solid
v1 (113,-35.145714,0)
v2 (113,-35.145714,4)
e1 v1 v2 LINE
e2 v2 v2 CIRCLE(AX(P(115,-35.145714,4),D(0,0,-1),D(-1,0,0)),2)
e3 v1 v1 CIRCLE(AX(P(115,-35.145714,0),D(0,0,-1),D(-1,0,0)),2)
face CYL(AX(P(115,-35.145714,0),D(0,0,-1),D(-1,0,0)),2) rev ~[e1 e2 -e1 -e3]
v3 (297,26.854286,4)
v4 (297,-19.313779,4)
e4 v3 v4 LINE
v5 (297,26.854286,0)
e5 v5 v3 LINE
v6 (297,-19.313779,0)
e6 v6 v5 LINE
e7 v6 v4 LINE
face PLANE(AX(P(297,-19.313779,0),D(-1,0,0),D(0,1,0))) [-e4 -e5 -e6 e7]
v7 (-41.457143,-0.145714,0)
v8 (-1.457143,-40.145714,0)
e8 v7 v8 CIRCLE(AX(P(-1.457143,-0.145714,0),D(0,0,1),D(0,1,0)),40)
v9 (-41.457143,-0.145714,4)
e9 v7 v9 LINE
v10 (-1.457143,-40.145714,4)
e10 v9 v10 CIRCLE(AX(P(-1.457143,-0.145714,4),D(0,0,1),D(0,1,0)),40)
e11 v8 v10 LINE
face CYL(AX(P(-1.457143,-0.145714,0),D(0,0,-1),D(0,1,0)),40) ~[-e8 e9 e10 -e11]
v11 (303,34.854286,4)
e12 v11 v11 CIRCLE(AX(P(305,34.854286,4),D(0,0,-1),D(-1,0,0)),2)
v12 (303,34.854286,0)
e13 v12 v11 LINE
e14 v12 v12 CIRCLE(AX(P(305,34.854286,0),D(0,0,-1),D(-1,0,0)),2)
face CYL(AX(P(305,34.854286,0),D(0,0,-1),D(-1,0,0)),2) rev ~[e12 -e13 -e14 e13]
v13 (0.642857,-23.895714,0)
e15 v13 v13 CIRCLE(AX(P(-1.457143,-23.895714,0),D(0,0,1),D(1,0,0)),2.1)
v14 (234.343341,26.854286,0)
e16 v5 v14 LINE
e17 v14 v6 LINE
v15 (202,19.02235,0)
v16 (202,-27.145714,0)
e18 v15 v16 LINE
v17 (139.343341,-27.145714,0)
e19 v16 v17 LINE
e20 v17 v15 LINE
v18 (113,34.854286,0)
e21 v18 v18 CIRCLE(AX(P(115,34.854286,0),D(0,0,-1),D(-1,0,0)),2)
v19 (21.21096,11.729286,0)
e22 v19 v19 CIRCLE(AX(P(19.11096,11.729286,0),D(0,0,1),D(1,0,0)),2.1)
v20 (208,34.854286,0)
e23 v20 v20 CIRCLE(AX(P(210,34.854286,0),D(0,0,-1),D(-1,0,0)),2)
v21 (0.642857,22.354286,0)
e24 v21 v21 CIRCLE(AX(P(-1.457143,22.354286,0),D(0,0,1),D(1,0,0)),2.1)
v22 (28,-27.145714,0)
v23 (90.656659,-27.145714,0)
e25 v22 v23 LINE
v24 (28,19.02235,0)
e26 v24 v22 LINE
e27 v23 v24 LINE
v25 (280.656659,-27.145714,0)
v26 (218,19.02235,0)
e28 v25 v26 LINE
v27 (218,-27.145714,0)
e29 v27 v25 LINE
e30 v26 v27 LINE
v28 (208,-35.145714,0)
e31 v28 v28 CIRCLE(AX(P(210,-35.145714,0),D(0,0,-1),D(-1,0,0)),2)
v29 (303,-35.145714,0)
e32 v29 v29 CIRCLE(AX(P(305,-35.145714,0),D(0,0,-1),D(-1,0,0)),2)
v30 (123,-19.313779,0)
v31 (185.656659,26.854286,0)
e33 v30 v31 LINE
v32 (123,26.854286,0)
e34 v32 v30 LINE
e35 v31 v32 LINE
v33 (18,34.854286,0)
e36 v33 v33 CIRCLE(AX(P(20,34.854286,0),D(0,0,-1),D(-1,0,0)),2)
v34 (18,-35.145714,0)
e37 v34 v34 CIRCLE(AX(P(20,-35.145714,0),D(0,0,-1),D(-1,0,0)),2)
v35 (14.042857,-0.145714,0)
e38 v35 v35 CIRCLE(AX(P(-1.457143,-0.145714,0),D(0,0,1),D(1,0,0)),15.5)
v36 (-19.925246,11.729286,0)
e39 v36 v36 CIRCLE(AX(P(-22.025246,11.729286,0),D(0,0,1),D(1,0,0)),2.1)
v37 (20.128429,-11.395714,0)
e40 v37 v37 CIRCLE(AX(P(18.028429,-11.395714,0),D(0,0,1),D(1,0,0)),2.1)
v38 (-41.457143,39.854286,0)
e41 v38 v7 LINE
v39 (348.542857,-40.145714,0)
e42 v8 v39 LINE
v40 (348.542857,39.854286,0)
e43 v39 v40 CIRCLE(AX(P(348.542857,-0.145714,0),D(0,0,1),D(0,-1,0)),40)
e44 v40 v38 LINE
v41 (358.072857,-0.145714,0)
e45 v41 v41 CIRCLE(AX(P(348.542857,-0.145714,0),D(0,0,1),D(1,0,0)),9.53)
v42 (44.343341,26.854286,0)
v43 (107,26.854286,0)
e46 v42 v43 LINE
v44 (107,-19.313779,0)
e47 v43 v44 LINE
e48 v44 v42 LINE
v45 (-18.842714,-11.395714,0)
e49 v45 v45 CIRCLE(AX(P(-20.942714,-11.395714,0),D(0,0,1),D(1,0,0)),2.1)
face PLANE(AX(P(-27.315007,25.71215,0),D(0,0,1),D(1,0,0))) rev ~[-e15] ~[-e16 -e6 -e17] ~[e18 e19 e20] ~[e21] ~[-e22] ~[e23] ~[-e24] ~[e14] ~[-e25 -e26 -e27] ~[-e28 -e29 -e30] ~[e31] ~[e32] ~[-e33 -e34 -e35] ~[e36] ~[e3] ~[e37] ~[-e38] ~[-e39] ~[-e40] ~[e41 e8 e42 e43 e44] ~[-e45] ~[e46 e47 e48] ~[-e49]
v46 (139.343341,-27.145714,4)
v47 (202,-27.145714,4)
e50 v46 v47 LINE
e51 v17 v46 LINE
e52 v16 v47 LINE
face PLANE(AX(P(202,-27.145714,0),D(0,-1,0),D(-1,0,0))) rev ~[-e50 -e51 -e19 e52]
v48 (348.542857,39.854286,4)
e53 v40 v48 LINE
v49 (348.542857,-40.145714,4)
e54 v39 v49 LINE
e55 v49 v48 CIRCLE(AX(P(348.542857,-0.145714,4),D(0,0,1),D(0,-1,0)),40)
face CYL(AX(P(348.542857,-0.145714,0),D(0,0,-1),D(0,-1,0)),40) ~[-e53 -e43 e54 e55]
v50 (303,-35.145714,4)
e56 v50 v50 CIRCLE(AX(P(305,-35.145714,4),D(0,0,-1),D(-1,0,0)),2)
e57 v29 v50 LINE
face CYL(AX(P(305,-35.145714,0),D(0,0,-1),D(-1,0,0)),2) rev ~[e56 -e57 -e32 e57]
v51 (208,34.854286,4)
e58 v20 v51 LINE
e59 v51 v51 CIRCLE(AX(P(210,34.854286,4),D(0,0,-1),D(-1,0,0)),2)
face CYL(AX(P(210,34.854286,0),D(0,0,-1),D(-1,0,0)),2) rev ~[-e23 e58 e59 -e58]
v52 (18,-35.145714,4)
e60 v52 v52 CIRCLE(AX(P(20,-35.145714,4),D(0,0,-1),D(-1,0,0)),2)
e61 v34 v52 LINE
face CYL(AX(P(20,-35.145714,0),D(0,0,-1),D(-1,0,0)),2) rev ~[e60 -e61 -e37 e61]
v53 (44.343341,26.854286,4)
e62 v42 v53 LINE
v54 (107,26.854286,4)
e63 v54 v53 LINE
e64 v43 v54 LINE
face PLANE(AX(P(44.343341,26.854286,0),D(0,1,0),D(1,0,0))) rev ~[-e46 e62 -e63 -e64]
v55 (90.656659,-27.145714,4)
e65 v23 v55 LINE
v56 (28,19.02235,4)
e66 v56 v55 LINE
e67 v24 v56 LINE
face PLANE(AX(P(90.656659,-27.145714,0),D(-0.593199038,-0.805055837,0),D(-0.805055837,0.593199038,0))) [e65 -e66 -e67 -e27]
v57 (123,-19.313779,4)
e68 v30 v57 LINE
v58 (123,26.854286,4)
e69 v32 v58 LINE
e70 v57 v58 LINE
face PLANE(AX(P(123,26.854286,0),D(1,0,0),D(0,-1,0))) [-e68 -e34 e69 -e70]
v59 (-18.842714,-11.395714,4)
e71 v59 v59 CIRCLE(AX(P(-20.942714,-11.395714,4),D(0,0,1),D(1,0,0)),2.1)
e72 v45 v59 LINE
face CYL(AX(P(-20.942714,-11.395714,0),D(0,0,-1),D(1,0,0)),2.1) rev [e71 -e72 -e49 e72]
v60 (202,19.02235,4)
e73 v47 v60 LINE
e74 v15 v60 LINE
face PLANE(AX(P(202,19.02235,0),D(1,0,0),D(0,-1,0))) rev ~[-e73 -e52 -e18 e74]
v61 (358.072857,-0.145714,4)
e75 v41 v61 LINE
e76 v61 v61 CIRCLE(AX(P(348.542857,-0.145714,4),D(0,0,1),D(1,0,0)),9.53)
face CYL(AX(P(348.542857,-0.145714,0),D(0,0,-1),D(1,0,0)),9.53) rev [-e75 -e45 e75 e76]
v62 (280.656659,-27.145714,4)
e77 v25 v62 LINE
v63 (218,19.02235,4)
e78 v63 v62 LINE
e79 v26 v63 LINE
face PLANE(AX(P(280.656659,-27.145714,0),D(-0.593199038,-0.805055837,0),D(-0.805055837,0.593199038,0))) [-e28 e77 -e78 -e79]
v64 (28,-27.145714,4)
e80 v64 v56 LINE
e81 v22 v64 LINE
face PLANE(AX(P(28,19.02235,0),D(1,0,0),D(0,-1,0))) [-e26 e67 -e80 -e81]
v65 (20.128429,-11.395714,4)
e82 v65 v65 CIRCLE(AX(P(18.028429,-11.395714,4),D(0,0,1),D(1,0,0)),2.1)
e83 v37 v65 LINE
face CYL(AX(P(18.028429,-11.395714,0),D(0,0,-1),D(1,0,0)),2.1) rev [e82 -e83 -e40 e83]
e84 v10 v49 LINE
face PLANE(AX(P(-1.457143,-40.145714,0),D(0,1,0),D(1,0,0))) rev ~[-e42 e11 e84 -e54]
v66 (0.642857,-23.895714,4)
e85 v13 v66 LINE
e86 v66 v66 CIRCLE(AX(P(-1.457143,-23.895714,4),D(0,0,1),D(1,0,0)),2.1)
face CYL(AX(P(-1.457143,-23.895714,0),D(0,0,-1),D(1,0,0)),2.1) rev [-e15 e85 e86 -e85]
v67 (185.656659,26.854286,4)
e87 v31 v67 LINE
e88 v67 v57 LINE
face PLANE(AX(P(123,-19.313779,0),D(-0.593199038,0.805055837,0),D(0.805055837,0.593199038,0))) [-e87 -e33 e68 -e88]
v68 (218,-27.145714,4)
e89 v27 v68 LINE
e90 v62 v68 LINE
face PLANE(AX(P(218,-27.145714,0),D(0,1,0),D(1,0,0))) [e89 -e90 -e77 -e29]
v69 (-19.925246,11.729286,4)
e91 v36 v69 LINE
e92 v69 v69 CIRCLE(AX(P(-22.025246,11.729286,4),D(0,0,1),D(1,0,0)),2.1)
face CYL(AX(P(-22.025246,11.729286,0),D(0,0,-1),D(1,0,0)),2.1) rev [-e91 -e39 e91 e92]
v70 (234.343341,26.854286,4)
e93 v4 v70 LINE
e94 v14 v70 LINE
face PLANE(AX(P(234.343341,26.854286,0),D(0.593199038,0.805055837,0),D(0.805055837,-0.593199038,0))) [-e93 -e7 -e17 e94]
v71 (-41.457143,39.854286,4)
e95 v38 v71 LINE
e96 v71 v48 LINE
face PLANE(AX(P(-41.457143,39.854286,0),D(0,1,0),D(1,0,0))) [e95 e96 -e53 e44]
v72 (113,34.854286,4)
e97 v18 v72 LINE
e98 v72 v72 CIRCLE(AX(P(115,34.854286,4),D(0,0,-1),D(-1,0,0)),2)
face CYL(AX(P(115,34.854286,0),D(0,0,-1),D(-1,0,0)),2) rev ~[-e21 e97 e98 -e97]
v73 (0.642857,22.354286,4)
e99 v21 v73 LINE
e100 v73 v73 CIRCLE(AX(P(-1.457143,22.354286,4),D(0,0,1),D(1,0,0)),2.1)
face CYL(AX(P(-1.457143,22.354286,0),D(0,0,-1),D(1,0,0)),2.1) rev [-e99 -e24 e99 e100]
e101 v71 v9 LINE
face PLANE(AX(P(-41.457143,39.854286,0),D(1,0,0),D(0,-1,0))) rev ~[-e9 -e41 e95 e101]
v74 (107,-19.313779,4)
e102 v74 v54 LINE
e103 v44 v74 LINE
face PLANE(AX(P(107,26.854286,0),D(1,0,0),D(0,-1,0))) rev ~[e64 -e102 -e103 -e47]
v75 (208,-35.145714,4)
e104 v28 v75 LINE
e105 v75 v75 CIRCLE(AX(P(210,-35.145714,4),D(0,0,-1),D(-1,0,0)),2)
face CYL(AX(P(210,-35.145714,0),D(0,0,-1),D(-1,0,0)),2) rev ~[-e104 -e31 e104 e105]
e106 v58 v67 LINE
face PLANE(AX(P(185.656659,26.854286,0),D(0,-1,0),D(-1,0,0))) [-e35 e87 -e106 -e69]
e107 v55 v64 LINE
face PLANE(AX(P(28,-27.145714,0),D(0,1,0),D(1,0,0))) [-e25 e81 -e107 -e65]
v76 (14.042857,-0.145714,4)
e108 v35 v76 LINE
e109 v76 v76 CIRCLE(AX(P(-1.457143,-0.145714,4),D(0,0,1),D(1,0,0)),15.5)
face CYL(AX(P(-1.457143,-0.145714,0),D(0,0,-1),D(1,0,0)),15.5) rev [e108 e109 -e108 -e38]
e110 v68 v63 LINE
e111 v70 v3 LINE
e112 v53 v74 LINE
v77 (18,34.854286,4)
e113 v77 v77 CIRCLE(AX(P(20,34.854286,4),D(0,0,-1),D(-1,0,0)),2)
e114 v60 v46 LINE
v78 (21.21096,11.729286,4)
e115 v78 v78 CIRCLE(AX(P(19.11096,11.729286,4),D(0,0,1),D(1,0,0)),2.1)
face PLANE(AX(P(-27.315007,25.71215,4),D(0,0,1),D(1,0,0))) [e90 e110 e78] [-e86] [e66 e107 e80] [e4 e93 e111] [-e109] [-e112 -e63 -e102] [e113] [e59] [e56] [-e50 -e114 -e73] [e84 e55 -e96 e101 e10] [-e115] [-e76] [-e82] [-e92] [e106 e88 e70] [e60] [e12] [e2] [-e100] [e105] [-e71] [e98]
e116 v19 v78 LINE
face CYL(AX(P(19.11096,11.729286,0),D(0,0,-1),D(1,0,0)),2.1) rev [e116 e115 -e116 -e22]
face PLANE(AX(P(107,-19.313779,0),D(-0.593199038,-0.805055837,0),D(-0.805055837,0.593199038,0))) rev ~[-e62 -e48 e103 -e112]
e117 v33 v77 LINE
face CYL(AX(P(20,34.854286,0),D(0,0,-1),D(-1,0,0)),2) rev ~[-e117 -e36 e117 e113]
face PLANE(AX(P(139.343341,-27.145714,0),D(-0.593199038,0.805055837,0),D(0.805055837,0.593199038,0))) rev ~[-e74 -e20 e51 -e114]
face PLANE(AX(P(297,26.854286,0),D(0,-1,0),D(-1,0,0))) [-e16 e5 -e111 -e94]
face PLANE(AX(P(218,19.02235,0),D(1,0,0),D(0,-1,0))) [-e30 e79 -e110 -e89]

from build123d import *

# Parameters (mm, degrees)
SKETCH_1_R          = 2.1
SKETCH_1_R_2        = 15.5
SKETCH_1_R_3        = 9.53
EXTRUDE_1_DEPTH     = 4
SKETCH_2_R          = 2
CUT_EXTRUDE_1_DEPTH = 10
EXTRUDE_2_DEPTH     = 4


with BuildPart() as part:
    # 草图1 → 凸台-拉伸1 (new body)
    with BuildSketch(Plane.XY):
        with BuildLine():
            ThreePointArc((-1.457142857, 39.854285714), (-41.457142857, -0.145714286), (-1.457142857, -40.145714286))
            Line((-1.457142857, -40.145714286), (348.542857143, -40.145714286))
            ThreePointArc((348.542857143, -40.145714286), (388.542857143, -0.145714286), (348.542857143, 39.854285714))
            Line((348.542857143, 39.854285714), (14.042857143, 39.854285714))
            Line((14.042857143, 39.854285714), (-1.457142857, 39.854285714))
        make_face()
        with Locations((-1.457142857, -23.895714286)):
            Circle(SKETCH_1_R, mode=Mode.SUBTRACT)
        with Locations((-20.942714442, -11.395714286)):
            Circle(SKETCH_1_R, mode=Mode.SUBTRACT)
        with Locations((18.028428728, -11.395714286)):
            Circle(SKETCH_1_R, mode=Mode.SUBTRACT)
        with Locations((-1.457142857, -0.145714286)):
            Circle(SKETCH_1_R_2, mode=Mode.SUBTRACT)
        with Locations((348.542857143, -0.145714286)):
            Circle(SKETCH_1_R_3, mode=Mode.SUBTRACT)
        with Locations((-22.025246197, 11.729285714)):
            Circle(SKETCH_1_R, mode=Mode.SUBTRACT)
        with Locations((19.110960483, 11.729285714)):
            Circle(SKETCH_1_R, mode=Mode.SUBTRACT)
        with Locations((-1.457142857, 22.354285714)):
            Circle(SKETCH_1_R, mode=Mode.SUBTRACT)
    extrude(amount=EXTRUDE_1_DEPTH)

    # 草图2 → 切除-拉伸1 (cut)
    with BuildSketch(Plane(origin=(0, 0, 0), x_dir=(-1, 0, 0), z_dir=(0, 0, -1))):
        with Locations((-20, -35.145714286)):
            Circle(SKETCH_2_R)
        with Locations((-115, -35.145714286)):
            Circle(SKETCH_2_R)
        with Locations((-210, -35.145714286)):
            Circle(SKETCH_2_R)
        with Locations((-305, -35.145714286)):
            Circle(SKETCH_2_R)
        with Locations((-305, 34.854285714)):
            Circle(SKETCH_2_R)
        with Locations((-210, 34.854285714)):
            Circle(SKETCH_2_R)
        with Locations((-115, 34.854285714)):
            Circle(SKETCH_2_R)
        with Locations((-20, 34.854285714)):
            Circle(SKETCH_2_R)
        Polygon((-218, -27.145714286), (-280.656658604, -27.145714286), (-218, 19.022349949), align=None)
        Polygon((-234.343341396, 26.854285714), (-297, -19.31377852), (-297, 26.854285714), align=None)
        Polygon((-123, 26.854285714), (-123, -19.31377852), (-185.656658604, 26.854285714), align=None)
        Polygon((-202, -27.145714286), (-139.343341396, -27.145714286), (-202, 19.022349949), align=None)
        Polygon((-90.656658604, -27.145714286), (-28, 19.022349949), (-28, -27.145714286), align=None)
        Polygon((-107, -19.31377852), (-44.343341396, 26.854285714), (-107, 26.854285714), align=None)
    extrude(amount=-CUT_EXTRUDE_1_DEPTH, mode=Mode.SUBTRACT)

    # 草图3 → 凸台-拉伸2 (add)
    with BuildSketch(Plane(origin=(0, 0, 0), x_dir=(-1, 0, 0), z_dir=(0, 0, -1))):
        Polygon((1.457142857, 39.854285714), (35.608920787, 39.854285714), (41.457142857, 39.854285714), (41.457142857, -0.145714286), align=None)
    extrude(amount=-EXTRUDE_2_DEPTH)


solid = part.part
